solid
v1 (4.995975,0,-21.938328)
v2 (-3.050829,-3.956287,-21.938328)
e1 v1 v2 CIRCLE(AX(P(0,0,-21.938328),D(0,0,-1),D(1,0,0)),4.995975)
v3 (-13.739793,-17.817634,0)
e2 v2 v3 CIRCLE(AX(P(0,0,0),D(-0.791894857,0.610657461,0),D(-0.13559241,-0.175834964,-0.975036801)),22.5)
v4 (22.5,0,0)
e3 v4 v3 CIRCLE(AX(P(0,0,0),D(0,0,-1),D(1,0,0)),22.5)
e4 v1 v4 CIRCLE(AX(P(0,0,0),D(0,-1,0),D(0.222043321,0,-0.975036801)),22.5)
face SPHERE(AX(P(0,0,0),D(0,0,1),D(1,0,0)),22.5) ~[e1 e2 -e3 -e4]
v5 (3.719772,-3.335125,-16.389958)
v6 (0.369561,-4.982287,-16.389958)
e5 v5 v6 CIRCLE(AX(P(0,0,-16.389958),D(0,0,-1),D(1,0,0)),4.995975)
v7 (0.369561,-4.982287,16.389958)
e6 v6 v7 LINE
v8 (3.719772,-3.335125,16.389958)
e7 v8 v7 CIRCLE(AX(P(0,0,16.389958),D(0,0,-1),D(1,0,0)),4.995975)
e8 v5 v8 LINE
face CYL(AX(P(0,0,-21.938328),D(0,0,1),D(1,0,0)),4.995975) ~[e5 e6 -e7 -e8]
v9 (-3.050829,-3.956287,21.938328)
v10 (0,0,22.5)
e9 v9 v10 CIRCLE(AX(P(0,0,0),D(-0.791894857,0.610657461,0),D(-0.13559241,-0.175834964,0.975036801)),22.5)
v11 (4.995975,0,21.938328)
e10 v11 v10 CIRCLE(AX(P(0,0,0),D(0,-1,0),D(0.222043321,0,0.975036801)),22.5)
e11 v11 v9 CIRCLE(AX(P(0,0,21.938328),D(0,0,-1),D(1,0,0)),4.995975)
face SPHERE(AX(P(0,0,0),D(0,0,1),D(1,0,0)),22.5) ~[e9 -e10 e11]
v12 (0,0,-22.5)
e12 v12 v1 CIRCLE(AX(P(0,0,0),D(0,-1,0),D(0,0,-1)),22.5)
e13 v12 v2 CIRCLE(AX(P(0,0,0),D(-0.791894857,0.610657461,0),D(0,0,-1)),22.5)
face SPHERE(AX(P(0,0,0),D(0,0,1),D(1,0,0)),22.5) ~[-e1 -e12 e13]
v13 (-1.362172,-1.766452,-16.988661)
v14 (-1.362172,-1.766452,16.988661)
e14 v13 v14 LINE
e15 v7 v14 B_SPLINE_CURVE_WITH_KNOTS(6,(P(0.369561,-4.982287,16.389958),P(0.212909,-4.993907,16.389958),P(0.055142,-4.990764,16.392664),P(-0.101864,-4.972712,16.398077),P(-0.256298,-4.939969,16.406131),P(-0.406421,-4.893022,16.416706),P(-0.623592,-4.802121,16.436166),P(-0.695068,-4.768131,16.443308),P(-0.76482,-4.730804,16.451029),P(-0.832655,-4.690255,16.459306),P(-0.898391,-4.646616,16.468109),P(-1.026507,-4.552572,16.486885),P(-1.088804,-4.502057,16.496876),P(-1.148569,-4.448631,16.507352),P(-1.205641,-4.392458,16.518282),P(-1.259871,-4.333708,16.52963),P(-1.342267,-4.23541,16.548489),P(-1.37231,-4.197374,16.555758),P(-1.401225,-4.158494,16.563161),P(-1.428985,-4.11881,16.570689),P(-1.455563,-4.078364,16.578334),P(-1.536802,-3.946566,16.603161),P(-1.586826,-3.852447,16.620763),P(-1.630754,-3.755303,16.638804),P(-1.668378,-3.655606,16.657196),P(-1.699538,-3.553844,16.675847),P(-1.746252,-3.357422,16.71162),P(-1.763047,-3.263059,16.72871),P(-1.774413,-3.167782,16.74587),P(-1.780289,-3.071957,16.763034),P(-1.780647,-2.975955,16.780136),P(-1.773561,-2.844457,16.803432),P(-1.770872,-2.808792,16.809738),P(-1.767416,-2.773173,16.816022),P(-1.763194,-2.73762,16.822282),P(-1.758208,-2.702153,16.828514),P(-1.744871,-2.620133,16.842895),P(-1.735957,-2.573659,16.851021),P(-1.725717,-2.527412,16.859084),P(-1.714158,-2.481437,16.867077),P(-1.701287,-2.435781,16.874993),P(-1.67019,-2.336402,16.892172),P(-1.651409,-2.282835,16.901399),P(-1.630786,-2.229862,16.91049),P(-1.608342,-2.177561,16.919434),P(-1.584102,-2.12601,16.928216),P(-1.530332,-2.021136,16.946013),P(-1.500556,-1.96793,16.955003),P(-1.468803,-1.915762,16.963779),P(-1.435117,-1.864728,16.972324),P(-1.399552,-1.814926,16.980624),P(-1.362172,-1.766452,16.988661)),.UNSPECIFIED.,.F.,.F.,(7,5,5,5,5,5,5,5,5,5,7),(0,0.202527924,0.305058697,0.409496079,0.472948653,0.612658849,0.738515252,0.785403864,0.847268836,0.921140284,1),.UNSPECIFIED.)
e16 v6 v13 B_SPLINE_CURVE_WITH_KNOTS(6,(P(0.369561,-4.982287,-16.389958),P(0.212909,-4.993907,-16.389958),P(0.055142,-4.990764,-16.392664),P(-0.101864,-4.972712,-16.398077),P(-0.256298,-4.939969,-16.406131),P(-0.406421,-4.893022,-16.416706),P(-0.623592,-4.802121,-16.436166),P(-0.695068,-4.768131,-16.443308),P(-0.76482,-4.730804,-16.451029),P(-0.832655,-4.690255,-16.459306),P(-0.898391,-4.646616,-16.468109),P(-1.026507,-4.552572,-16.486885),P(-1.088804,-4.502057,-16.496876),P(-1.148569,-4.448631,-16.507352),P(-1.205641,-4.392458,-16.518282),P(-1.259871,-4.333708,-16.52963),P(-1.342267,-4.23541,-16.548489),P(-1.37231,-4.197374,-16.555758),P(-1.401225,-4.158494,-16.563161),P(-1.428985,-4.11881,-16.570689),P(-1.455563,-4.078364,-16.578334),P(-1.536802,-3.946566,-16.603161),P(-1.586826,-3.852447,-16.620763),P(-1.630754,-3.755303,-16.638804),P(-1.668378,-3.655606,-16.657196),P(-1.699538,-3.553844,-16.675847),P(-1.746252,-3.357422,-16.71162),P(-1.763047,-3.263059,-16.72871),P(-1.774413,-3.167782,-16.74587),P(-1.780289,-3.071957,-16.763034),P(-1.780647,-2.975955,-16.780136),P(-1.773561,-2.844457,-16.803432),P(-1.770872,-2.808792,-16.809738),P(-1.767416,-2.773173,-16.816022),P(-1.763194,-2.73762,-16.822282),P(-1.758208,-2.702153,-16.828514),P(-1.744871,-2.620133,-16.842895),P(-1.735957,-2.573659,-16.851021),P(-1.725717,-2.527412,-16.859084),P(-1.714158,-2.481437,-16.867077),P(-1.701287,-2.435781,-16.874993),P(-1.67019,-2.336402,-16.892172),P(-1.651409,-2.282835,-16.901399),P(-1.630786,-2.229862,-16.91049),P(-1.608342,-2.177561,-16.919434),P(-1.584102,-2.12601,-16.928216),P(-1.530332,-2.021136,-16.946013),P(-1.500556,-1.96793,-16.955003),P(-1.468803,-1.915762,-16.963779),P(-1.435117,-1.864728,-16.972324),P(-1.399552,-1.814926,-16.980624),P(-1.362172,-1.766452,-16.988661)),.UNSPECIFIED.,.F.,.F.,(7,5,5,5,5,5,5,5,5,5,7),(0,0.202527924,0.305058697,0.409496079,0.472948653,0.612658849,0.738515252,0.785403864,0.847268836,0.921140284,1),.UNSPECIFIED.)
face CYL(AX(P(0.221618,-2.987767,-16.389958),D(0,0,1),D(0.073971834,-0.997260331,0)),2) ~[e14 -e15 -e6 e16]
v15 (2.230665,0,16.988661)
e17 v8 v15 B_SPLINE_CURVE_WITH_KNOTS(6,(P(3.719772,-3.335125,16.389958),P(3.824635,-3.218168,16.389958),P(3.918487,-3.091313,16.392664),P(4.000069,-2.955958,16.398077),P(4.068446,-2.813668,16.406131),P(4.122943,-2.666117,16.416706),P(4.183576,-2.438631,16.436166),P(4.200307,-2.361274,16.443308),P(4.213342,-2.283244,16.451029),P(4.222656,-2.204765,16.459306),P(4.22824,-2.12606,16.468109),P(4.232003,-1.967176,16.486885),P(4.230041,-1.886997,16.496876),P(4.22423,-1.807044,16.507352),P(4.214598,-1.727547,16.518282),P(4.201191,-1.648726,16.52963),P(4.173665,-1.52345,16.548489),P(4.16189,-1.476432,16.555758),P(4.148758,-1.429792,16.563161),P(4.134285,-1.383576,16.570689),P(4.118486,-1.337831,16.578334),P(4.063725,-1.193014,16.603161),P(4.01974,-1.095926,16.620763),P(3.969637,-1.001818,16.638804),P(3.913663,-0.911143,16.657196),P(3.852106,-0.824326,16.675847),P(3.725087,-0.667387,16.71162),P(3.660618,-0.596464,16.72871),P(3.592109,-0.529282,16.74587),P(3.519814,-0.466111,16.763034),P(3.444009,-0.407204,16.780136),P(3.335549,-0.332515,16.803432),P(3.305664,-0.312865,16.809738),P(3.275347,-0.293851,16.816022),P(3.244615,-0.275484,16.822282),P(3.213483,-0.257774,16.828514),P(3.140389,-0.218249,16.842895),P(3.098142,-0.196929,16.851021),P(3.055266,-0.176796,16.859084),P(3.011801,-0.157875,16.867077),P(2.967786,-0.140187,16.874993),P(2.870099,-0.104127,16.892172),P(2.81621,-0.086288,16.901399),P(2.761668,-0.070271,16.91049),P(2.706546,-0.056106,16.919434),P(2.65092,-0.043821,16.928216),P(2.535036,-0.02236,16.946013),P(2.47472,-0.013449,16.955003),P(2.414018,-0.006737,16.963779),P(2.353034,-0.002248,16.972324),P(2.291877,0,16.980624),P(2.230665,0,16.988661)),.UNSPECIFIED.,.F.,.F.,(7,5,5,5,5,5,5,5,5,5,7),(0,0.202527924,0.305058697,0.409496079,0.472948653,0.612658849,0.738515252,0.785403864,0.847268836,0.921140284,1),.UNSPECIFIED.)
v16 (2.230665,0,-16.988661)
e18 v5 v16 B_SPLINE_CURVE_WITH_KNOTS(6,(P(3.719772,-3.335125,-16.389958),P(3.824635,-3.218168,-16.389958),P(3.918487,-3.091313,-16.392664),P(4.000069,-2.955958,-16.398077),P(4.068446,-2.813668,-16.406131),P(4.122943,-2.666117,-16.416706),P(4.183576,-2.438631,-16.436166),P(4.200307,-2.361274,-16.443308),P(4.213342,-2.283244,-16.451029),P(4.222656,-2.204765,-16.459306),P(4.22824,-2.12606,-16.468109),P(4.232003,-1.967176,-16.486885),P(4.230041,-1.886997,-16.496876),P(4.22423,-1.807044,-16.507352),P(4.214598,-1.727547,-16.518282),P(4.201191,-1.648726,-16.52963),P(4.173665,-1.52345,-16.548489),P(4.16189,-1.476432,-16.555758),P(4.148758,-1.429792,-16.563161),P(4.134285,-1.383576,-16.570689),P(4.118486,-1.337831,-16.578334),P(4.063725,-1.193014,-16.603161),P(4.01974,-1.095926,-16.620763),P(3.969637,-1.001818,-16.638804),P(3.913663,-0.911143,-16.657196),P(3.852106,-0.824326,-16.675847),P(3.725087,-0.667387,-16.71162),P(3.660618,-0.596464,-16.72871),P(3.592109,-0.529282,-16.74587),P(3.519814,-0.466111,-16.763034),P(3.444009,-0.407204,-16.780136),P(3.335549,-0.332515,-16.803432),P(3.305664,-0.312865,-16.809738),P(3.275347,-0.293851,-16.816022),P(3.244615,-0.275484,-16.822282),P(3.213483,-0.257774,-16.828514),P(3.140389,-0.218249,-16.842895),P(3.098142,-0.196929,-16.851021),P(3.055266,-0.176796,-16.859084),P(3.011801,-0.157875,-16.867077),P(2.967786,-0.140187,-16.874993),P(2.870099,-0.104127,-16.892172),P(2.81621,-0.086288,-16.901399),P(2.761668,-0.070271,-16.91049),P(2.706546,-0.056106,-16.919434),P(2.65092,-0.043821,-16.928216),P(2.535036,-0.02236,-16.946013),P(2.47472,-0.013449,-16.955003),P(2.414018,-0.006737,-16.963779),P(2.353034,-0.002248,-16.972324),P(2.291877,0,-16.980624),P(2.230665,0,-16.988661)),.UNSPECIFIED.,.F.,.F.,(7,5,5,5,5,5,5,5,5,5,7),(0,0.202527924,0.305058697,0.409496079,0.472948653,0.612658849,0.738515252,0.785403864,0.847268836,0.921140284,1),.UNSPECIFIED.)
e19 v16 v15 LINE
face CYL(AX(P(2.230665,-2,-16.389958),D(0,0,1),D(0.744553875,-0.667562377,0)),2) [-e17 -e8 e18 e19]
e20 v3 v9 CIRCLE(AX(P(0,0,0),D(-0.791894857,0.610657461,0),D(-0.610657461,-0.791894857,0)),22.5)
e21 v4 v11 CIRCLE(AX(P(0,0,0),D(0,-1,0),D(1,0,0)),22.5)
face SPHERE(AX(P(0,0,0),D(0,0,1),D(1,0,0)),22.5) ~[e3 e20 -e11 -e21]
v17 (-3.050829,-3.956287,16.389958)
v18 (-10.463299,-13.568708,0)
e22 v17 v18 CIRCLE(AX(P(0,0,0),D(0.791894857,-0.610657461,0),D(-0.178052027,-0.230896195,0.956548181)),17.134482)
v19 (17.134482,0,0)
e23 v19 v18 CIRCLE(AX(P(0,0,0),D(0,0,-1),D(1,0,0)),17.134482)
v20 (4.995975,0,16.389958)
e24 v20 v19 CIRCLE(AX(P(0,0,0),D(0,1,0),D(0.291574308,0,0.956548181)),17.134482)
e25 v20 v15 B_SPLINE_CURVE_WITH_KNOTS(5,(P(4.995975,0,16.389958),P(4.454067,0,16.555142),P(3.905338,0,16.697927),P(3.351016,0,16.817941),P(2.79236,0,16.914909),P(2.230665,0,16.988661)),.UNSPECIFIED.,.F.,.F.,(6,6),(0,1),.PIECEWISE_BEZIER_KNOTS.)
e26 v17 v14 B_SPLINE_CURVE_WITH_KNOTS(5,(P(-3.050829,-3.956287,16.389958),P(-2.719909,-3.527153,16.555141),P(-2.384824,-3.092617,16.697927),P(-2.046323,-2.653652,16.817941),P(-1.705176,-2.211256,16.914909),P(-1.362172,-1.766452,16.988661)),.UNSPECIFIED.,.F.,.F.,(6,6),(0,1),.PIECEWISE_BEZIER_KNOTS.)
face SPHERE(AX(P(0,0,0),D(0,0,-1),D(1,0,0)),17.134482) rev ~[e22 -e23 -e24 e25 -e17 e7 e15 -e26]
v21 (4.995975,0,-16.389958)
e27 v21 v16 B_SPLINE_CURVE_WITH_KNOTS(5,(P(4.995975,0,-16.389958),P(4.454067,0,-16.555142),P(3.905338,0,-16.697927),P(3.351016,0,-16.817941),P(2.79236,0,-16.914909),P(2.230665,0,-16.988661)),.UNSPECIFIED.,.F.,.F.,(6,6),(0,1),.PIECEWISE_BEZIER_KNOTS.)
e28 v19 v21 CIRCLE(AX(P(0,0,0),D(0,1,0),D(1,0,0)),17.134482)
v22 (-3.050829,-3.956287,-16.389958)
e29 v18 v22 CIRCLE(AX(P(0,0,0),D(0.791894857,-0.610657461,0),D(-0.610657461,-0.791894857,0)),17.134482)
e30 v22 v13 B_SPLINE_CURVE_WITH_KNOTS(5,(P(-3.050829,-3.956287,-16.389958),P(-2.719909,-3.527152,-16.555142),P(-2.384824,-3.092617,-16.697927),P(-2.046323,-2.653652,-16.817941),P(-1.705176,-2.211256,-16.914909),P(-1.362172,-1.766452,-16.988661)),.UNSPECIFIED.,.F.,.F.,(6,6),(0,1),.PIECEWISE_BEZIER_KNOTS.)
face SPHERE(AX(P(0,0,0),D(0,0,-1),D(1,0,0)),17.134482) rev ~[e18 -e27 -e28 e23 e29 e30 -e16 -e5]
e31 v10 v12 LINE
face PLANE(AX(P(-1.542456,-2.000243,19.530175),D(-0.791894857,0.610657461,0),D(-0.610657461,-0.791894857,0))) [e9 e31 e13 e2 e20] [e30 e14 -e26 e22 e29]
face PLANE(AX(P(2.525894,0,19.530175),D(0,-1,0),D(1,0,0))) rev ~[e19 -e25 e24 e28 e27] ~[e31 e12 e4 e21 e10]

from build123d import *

# Parameters (mm, degrees)
F1_ANGLE = 127.6370568736
F2_R     = 2


with BuildPart() as f1:
    # F0 (on Front) → F1 (revolve)
    with BuildSketch(Plane.XZ):
        with BuildLine():
            ThreePointArc((4.9959747121, 21.9383280283), (2.5137242653, 22.3591410908), (0, 22.5))
            Line((0, 22.5), (0, 17.1344819252))
            ThreePointArc((0, 17.1344819252), (2.525573198, 16.9473287236), (4.9959747121, 16.3899575204))
            Line((4.9959747121, 16.3899575204), (4.9959747121, 21.9383280283))
        make_face()
        with BuildLine():
            ThreePointArc((4.9959747121, 16.3899575204), (2.525573198, 16.9473287236), (0, 17.1344819252))
            Line((0, 17.1344819252), (0, -17.1344819252))
            ThreePointArc((0, -17.1344819252), (2.525573198, -16.9473287236), (4.9959747121, -16.3899575204))
            Line((4.9959747121, -16.3899575204), (4.9959747121, 16.3899575204))
        make_face()
        with BuildLine():
            Line((0, -17.1344819252), (0, -22.5))
            ThreePointArc((0, -22.5), (2.5137242653, -22.3591410908), (4.9959747121, -21.9383280283))
            Line((4.9959747121, -21.9383280283), (4.9959747121, -16.3899575204))
            ThreePointArc((4.9959747121, -16.3899575204), (2.525573198, -16.9473287236), (0, -17.1344819252))
        make_face()
        with BuildLine():
            ThreePointArc((22.5, 0), (17.5877717608, 14.0328288128), (4.9959747121, 21.9383280283))
            Line((4.9959747121, 21.9383280283), (4.9959747121, 16.3899575204))
            ThreePointArc((4.9959747121, 16.3899575204), (13.7694209981, 10.1977211288), (17.1344819252, 0))
            ThreePointArc((17.1344819252, 0), (13.7694209981, -10.1977211288), (4.9959747121, -16.3899575204))
            Line((4.9959747121, -16.3899575204), (4.9959747121, -21.9383280283))
            ThreePointArc((4.9959747121, -21.9383280283), (17.5877717608, -14.0328288128), (22.5, 0))
        make_face()
    revolve(axis=Axis((0, 0, 0), (0, 0, -1)), revolution_arc=F1_ANGLE)

    # F2
    f2_edges = [f1.edges().sort_by_distance(p)[0] for p in [
        (-3.050829, -3.956287, 0),
        (4.995975, 0, 0),
    ]]
    fillet(f2_edges, radius=F2_R)


solid = f1.part
